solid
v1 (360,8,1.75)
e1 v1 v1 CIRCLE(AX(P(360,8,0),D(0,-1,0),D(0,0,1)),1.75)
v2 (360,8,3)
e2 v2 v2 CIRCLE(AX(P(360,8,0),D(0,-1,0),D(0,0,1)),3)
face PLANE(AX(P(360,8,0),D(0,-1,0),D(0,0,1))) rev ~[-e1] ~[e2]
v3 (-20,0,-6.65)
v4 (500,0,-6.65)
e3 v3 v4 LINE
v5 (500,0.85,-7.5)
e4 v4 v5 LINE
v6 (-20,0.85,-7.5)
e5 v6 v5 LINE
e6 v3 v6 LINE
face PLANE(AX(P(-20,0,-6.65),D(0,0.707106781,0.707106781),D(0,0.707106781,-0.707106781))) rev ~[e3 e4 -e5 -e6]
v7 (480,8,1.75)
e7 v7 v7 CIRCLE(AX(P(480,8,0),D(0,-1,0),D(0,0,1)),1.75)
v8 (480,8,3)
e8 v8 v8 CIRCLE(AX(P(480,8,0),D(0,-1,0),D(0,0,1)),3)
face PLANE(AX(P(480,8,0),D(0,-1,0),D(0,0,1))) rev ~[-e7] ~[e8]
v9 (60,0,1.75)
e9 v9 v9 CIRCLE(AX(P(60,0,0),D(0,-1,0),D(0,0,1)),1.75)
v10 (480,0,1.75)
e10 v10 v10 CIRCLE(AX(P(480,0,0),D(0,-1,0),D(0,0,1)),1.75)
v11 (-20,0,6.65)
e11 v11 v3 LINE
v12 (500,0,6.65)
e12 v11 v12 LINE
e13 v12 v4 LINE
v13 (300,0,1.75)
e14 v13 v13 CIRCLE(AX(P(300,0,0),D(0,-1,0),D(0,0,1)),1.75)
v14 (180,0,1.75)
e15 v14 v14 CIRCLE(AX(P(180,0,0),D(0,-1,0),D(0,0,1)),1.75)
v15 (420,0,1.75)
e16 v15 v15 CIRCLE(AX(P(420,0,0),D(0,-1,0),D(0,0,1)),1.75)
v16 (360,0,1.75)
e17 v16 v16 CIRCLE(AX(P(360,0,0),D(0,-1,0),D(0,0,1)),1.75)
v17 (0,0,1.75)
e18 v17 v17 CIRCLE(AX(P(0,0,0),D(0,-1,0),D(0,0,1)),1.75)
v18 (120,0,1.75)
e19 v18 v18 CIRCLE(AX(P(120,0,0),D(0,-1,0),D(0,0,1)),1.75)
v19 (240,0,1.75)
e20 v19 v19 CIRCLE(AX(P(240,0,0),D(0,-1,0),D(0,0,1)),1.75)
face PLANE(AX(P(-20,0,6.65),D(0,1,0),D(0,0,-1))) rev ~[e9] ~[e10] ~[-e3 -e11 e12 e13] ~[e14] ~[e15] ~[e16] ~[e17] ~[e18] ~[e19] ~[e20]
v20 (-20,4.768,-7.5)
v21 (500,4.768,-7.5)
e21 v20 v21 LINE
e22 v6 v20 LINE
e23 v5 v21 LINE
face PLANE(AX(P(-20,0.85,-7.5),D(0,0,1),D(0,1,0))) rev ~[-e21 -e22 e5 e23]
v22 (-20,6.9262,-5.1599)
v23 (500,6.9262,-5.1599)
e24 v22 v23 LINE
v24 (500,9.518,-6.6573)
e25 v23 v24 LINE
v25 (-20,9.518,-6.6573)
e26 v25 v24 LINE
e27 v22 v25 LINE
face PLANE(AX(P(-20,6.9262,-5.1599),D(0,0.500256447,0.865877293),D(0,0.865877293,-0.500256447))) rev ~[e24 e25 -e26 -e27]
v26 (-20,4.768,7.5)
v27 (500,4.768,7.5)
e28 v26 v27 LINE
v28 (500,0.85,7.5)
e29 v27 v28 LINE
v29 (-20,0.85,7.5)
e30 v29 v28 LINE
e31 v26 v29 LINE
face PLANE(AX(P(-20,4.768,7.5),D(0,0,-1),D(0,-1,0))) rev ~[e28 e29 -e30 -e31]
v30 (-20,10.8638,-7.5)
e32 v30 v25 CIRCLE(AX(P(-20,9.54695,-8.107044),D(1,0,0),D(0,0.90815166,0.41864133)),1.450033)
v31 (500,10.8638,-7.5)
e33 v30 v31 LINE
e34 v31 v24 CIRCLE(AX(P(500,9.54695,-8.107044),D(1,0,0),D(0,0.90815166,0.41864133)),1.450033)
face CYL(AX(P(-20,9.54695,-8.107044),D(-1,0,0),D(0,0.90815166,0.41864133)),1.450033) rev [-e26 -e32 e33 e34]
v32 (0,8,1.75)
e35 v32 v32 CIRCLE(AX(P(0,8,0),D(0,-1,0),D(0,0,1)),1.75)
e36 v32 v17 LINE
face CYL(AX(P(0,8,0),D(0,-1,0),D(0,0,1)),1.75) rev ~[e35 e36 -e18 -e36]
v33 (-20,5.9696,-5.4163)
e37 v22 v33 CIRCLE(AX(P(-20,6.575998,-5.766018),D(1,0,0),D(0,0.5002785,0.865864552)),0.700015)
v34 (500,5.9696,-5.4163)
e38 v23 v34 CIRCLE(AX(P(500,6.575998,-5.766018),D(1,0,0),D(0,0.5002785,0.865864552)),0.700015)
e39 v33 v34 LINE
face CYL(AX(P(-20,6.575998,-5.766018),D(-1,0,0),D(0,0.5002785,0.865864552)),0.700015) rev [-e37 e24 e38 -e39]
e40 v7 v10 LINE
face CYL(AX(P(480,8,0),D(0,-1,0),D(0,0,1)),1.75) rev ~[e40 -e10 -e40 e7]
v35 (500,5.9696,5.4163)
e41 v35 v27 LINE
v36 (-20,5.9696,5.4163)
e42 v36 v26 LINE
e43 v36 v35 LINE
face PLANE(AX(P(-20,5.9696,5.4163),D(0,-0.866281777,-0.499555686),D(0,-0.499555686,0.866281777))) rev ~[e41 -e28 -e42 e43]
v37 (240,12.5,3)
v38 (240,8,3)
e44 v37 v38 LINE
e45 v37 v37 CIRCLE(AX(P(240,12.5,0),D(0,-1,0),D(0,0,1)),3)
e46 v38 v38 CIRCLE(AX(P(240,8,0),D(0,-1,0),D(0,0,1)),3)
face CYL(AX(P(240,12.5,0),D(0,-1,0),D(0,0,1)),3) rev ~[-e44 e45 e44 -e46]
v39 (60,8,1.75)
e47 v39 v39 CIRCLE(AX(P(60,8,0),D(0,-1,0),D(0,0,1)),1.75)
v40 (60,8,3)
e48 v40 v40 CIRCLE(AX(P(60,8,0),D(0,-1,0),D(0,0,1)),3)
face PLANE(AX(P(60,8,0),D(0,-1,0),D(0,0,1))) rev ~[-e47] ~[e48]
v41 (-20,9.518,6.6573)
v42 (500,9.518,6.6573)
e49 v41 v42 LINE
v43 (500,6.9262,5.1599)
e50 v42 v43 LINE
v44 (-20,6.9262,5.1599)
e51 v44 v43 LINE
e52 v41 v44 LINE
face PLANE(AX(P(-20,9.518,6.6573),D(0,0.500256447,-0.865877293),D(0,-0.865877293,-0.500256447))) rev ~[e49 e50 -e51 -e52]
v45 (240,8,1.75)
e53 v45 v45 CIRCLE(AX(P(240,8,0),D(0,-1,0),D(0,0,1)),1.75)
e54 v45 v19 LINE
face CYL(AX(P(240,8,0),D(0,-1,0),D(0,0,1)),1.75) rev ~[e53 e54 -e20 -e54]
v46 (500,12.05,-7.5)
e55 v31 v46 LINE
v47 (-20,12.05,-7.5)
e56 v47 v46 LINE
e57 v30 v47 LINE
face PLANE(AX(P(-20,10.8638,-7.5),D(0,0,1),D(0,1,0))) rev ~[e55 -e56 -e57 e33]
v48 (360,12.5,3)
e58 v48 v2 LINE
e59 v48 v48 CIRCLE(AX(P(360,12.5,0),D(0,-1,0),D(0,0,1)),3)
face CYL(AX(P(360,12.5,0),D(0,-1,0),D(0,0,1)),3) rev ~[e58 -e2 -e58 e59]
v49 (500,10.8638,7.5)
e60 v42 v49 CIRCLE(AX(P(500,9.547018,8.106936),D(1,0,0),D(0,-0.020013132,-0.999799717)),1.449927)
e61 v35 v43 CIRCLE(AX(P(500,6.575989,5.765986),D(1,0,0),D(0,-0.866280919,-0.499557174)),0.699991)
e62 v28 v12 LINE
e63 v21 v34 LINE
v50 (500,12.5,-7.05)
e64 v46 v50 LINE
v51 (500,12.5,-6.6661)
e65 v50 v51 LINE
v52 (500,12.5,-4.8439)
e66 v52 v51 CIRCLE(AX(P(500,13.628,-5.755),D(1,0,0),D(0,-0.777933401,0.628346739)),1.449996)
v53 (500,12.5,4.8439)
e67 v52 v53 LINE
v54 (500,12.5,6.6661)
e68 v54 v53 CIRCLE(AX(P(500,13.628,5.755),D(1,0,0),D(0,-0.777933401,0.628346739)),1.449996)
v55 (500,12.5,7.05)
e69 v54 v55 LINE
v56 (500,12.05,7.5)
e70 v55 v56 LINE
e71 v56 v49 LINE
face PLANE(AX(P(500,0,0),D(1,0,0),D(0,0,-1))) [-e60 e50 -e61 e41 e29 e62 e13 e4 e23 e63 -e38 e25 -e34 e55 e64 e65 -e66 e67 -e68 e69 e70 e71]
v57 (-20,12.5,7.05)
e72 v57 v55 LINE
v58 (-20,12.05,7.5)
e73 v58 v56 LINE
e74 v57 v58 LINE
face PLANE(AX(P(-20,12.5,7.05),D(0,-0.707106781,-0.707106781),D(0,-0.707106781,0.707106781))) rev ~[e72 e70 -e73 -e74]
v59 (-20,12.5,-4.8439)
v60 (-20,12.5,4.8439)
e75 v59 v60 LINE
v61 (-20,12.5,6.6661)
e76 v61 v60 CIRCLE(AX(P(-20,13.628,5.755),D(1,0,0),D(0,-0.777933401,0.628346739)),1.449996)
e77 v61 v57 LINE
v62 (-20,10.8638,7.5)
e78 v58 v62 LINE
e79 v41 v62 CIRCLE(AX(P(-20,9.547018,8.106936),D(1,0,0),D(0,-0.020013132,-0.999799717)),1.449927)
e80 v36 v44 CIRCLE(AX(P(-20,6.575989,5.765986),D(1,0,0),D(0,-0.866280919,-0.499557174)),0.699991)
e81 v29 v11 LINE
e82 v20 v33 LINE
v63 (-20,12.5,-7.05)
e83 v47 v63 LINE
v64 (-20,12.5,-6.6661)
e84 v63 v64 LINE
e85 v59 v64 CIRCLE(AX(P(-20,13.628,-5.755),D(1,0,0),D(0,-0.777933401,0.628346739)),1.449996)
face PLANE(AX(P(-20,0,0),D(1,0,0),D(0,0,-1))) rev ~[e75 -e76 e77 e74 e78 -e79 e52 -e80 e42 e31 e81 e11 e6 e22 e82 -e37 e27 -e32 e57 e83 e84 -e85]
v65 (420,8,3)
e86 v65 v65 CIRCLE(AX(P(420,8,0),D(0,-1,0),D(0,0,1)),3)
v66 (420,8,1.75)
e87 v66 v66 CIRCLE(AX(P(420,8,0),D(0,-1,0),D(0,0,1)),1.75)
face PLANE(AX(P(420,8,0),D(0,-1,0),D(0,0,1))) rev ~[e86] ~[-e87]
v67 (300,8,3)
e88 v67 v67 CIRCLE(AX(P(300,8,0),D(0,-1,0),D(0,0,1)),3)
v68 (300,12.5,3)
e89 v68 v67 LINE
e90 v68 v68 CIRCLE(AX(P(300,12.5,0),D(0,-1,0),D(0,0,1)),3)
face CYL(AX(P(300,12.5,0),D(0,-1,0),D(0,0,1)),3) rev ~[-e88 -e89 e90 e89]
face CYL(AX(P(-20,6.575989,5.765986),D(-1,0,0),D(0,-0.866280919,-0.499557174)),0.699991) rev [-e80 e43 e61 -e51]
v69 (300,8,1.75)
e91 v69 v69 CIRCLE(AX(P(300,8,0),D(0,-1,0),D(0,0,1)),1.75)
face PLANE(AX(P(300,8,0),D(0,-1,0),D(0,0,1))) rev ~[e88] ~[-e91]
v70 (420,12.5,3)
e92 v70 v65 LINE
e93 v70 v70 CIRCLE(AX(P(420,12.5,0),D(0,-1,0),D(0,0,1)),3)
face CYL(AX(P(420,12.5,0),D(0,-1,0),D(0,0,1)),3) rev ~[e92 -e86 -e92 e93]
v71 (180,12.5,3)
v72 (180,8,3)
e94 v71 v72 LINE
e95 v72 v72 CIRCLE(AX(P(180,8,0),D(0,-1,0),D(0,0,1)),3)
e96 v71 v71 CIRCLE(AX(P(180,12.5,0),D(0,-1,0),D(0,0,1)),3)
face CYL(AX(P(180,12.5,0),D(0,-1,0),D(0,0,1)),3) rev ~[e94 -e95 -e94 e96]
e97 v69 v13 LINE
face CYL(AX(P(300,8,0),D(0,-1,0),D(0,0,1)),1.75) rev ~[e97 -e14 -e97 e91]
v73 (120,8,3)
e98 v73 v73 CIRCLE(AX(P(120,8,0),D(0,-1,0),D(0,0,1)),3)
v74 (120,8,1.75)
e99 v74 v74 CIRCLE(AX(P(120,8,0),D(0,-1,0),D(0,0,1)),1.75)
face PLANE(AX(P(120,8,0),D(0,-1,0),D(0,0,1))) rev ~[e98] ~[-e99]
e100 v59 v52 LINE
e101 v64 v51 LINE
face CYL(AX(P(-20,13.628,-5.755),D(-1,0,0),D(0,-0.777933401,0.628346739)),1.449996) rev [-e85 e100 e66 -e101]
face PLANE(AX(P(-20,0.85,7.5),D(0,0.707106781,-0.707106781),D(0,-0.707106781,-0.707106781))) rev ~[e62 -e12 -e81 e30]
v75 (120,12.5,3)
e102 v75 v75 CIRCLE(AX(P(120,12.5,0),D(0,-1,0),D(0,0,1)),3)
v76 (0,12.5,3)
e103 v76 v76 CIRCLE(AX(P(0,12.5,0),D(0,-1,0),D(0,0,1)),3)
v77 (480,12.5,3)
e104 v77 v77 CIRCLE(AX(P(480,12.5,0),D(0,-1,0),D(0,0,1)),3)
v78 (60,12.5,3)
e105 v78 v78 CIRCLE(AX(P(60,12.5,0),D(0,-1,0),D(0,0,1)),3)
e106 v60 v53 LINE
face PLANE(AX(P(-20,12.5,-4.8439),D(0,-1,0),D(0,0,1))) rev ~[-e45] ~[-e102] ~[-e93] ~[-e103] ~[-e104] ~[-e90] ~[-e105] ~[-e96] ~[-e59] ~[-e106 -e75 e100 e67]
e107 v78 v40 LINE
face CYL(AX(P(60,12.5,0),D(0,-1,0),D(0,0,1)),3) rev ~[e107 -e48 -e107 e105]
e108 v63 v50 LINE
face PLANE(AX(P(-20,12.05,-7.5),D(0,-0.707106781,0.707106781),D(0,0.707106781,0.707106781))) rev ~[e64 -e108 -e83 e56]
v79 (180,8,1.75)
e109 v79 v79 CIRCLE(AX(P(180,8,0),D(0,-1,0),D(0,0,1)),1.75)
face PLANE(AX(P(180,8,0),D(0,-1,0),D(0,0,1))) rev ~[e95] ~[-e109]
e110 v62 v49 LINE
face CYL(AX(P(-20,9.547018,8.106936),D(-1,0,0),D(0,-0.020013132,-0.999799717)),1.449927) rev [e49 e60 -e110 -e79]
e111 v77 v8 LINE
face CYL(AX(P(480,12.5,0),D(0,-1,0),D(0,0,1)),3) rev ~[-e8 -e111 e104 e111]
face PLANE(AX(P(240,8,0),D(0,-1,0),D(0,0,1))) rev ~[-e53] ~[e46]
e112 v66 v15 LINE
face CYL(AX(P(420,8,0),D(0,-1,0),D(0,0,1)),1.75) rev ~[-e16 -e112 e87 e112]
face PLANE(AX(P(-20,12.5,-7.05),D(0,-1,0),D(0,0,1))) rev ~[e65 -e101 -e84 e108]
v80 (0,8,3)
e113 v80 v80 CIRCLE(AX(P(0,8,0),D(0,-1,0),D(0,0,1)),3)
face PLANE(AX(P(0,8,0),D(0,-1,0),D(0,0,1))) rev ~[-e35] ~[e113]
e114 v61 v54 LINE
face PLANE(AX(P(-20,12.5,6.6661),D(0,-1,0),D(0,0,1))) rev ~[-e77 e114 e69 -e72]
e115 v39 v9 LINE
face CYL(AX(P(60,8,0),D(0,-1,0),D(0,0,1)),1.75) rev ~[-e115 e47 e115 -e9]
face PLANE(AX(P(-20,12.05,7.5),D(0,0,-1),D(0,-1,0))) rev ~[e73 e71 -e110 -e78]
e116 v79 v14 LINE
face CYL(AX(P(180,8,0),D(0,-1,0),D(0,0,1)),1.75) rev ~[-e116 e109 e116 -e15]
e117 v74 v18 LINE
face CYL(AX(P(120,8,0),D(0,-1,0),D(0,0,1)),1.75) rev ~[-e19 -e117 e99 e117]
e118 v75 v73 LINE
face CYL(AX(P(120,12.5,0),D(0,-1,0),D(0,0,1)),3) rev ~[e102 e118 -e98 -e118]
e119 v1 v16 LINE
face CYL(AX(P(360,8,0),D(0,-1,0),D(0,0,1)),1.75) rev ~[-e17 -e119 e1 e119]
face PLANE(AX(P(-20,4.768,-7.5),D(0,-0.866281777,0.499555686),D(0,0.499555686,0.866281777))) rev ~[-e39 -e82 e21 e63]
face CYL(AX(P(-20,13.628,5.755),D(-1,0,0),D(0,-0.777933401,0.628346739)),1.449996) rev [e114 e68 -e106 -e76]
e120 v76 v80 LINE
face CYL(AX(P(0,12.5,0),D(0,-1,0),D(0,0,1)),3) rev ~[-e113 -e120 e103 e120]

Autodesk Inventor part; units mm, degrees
sketch "Sketch_15" plane through (-20, 0, 0) normal (1, 0, 0) x (0, 0, -1)
  line L0 (-7.5, 0.85) -> (-6.65, 0)
  line L1 (-6.65, 0) -> (6.65, 0)
  line L2 (6.65, 0) -> (7.5, 0.85)
  line L3 (7.5, 0.85) -> (7.5, 4.768)
  line L4 (7.5, 4.768) -> (5.4163, 5.9696)
  arc A0 (5.1599, 6.9262) -> (5.4163, 5.9696) centre (5.766, 6.576) ccw
  line L5 (5.1599, 6.9262) -> (6.6573, 9.518)
  arc A1 (7.5, 10.8638) -> (6.6573, 9.518) centre (8.107, 9.547) ccw
  line L6 (7.5, 10.8638) -> (7.5, 12.05)
  line L7 (7.5, 12.05) -> (7.05, 12.5)
  line L8 (7.05, 12.5) -> (6.6661, 12.5)
  arc A2 (4.8439, 12.5) -> (6.6661, 12.5) centre (5.755, 13.628) ccw
  line L9 (4.8439, 12.5) -> (-4.8439, 12.5)
  arc A3 (-6.6661, 12.5) -> (-4.8439, 12.5) centre (-5.755, 13.628) ccw
  line L10 (-6.6661, 12.5) -> (-7.05, 12.5)
  line L11 (-7.05, 12.5) -> (-7.5, 12.05)
  line L12 (-7.5, 12.05) -> (-7.5, 10.8638)
  arc A4 (-6.6573, 9.518) -> (-7.5, 10.8638) centre (-8.107, 9.547) ccw
  line L13 (-6.6573, 9.518) -> (-5.1599, 6.9262)
  arc A5 (-5.4163, 5.9696) -> (-5.1599, 6.9262) centre (-5.766, 6.576) ccw
  line L14 (-5.4163, 5.9696) -> (-7.5, 4.768)
  line L15 (-7.5, 4.768) -> (-7.5, 0.85)
extrude "Extrusion1" add sketch "Sketch_15" along normal blind 520
sketch "Sketch2" plane through (-20, 12.5, -4.8439) normal (0, 1, 0) x (1, 0, 0)
  point P0 (20, -4.8439)
hole "Hole1" at (0, 12.5, 0) direction (0, -1, 0) diameter 3.5 depth 12.5 counterbore diameter 6 counterbore depth 4.5
pattern_linear "Rectangular Pattern1" count 9 spacing 60 along (1, 0, 0) of "Hole1"
ref_plane "4DUMMY_XY" through (0, 0, 0) normal (1, 0, 0) x (0, 0, -1)
ref_plane "4DUMMY_YZ" through (0, 0, 0) normal (0, 0, -1) x (0, 1, 0)
ref_plane "4DUMMY_ZX" through (0, 0, 0) normal (0, 1, 0) x (1, 0, 0)
ref_plane "4SLIDE_XY" through (-20, 4.5, 0) normal (1, 0, 0) x (0, 0, -1)
ref_plane "4SLIDE_YZ" through (-20, 4.5, 0) normal (0, 0, -1) x (0, 1, 0)
ref_plane "4SLIDE_ZX" through (-20, 4.5, 0) normal (0, 1, 0) x (1, 0, 0)
ref_plane "4TRACK_XY" through (0, 0, 0) normal (0, 0, 1) x (1, 0, 0)
ref_plane "4TRACK_YZ" through (0, 0, 0) normal (1, 0, 0) x (0, 1, 0)
ref_plane "4TRACK_ZX" through (0, 0, 0) normal (0, 1, 0) x (0, 0, 1)
properties part number "SR15W52020 Track" material "Steel, Alloy"
